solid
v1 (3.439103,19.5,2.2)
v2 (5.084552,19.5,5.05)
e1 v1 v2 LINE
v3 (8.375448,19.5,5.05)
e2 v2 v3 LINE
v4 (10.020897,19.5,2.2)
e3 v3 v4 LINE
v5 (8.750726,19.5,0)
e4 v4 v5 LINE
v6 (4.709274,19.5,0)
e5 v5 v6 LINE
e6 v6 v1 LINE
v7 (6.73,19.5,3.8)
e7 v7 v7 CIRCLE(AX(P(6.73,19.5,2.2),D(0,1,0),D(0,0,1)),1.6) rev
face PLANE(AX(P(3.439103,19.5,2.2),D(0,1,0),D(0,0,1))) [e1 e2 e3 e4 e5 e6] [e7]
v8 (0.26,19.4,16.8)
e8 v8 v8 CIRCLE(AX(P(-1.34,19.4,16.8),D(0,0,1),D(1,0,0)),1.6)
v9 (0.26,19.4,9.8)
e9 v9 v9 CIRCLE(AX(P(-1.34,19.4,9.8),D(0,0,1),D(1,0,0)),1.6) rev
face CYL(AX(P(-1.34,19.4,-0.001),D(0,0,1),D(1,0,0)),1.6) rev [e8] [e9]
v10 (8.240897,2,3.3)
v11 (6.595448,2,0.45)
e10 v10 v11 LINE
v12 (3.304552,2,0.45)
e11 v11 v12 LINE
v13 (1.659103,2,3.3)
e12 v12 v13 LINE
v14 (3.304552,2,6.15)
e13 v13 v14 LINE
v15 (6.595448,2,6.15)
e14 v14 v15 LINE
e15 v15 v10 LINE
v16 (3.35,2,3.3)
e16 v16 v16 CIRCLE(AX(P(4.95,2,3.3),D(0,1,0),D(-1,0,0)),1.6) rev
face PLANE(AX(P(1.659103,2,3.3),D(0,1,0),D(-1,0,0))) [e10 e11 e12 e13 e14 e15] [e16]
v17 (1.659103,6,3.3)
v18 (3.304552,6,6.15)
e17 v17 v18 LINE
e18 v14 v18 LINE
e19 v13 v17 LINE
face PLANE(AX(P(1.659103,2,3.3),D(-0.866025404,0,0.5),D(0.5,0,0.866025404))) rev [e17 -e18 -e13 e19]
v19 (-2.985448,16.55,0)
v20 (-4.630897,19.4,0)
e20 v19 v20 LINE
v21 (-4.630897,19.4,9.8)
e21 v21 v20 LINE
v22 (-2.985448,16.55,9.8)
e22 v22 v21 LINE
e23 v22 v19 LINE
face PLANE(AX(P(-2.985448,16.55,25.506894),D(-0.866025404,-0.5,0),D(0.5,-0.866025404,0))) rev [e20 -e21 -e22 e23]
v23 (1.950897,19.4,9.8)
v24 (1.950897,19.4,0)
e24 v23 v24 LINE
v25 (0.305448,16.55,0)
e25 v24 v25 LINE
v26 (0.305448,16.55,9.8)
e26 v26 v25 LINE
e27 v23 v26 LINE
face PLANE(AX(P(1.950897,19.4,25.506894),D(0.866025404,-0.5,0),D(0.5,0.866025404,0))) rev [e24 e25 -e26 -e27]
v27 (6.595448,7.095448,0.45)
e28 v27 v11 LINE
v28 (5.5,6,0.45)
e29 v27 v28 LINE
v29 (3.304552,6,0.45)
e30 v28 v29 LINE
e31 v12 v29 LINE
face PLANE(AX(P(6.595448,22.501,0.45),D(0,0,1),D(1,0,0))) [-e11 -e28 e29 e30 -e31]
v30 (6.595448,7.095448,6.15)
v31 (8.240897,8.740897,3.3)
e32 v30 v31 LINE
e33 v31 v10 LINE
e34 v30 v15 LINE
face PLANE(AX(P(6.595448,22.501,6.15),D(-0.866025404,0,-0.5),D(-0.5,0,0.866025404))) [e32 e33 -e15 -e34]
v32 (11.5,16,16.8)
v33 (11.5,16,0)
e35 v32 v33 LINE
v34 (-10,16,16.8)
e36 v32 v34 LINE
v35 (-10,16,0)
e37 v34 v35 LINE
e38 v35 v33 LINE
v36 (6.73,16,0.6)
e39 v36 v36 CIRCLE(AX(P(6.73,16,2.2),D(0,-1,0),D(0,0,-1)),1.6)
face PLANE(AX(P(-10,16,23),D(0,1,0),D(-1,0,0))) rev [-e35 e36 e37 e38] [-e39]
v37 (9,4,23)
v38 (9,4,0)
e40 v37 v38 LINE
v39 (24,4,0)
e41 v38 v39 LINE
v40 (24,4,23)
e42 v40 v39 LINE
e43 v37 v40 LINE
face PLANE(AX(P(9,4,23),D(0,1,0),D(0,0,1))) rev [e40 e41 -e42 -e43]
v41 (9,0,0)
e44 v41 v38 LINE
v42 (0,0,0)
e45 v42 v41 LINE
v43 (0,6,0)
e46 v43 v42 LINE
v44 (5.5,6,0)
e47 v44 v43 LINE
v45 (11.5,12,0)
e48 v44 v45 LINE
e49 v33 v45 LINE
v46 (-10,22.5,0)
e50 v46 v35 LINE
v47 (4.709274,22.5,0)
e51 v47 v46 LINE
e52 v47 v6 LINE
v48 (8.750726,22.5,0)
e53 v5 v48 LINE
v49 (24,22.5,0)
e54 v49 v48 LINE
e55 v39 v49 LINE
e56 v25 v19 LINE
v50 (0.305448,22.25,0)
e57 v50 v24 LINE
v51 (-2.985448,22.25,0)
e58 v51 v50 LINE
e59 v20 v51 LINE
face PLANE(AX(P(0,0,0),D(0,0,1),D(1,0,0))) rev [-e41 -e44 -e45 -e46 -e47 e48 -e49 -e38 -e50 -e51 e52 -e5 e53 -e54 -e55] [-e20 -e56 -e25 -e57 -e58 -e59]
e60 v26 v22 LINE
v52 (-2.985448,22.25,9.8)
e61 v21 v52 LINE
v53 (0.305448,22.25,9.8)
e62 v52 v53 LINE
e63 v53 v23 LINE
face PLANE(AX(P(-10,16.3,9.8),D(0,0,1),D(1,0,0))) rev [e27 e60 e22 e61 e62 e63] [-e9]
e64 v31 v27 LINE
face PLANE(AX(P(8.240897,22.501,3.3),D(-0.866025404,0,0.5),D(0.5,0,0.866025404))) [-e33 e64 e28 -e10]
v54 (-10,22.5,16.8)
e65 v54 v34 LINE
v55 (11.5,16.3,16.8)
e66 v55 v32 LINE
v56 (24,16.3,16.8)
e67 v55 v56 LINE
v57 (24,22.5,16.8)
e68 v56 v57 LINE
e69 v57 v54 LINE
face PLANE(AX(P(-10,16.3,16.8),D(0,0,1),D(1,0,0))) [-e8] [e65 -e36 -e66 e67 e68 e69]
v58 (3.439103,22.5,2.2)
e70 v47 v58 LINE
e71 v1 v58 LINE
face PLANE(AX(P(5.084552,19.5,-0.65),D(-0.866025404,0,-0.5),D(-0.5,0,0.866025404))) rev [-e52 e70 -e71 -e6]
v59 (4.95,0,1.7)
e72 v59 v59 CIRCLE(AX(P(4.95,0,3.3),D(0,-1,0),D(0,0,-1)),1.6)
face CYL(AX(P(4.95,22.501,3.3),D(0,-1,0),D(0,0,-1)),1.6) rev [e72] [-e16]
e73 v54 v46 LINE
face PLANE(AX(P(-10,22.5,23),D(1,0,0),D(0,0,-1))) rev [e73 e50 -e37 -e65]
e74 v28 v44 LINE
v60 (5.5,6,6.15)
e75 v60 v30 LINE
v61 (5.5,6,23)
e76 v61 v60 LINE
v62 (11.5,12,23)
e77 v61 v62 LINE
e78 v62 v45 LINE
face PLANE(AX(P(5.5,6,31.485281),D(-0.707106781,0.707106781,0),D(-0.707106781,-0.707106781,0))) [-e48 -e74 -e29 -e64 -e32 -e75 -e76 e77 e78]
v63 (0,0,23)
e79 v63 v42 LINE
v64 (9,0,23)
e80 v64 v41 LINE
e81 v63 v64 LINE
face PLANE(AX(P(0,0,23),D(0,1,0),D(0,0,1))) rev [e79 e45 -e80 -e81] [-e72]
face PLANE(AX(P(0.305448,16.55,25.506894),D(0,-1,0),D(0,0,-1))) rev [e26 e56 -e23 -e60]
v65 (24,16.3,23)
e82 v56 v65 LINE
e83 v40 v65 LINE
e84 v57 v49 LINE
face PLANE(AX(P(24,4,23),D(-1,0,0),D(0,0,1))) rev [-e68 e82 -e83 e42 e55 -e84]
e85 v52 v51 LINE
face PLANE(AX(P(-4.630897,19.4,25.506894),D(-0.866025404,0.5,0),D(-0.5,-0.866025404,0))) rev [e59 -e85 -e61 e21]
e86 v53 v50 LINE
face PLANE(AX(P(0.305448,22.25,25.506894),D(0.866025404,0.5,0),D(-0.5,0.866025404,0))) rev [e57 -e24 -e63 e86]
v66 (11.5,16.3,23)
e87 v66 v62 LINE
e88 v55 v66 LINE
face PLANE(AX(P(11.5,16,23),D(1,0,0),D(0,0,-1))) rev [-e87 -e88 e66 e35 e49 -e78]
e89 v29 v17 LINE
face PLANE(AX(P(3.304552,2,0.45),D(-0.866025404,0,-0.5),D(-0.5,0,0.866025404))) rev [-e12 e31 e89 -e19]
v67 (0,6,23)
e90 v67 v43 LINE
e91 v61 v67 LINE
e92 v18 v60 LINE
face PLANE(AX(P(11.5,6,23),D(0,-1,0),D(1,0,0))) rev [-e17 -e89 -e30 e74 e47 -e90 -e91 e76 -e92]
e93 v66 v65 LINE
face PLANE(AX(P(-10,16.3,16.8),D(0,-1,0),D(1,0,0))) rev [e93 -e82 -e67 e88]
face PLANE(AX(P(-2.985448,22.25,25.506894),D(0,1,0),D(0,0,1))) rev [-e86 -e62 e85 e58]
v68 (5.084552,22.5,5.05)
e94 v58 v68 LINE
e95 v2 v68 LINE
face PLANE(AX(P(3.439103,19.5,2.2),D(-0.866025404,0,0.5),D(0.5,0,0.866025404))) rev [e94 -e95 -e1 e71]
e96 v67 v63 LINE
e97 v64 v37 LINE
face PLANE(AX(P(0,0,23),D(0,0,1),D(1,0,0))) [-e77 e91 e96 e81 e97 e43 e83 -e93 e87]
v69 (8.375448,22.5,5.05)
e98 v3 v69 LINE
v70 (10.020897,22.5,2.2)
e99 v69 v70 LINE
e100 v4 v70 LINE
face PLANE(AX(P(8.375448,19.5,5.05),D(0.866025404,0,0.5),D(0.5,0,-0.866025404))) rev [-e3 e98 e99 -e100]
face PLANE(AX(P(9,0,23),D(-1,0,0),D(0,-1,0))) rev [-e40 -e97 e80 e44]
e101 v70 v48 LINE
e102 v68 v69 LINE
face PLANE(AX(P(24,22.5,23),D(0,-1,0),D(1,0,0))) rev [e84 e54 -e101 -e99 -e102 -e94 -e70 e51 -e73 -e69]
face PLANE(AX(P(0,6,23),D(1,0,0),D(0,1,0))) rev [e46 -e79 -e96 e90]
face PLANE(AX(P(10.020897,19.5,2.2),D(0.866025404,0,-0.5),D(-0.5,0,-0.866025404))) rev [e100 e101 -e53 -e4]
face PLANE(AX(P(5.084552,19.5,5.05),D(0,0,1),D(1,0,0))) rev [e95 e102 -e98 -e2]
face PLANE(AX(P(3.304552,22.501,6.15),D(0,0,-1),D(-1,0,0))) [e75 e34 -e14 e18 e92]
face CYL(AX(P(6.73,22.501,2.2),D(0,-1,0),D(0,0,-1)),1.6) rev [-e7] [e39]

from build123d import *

# Parameters (mm, degrees)
SALIENTE_EXTRUIR1_DEPTH           = 23
CROQUIS2_W                        = 34
CROQUIS2_H                        = 6.2
CORTAR_EXTRUIR1_DEPTH             = 6.2
CROQUIS3_W                        = 21.5
CROQUIS3_H                        = 0.3
CORTAR_EXTRUIR2_DEPTH             = 6.2
CORTAR_EXTRUIR3_REACH             = 18.8
CROQUIS4_R                        = 1.6
CORTAR_EXTRUIR4_DEPTH             = 9.8
CORTAR_EXTRUIR5_REACH             = 8.5
CROQUIS6_R                        = 1.6
CORTAR_EXTRUIR6_REACH             = 24.5
CROQUIS7_R                        = 1.6
SALIENTE_EXTRUIR2_DEPTH           = 23
CORTAR_EXTRUIR7_DEPTH             = 4
CORTAR_EXTRUIR7_DIRECTION_2_REACH = 18.5
CORTAR_EXTRUIR8_DEPTH             = 3


with BuildPart() as part:
    # Croquis1 → Saliente-Extruir1 (new body)
    with BuildSketch(Plane.XY):
        Polygon((0, 0), (9, 0), (9, 4), (24, 4), (24, 22.5), (-10, 22.5), (-10, 16), (11.5, 16), (11.5, 6), (0, 6), align=None)
    extrude(amount=SALIENTE_EXTRUIR1_DEPTH)

    # Croquis2 → Cortar-Extruir1 (cut)
    with BuildSketch(Plane.XY.offset(23)):
        with Locations((7, 19.4)):
            Rectangle(CROQUIS2_W, CROQUIS2_H)
    extrude(amount=-CORTAR_EXTRUIR1_DEPTH, mode=Mode.SUBTRACT)

    # Croquis3 → Cortar-Extruir2 (cut)
    with BuildSketch(Plane.XY.offset(23)):
        with Locations((0.75, 16.15)):
            Rectangle(CROQUIS3_W, CROQUIS3_H)
    extrude(amount=-CORTAR_EXTRUIR2_DEPTH, mode=Mode.SUBTRACT)

    # Croquis4 → Cortar-Extruir3 (cut, up to next)
    with BuildSketch(Plane.XY.offset(16.8), mode=Mode.PRIVATE) as cortar_extruir3_sk1:
        with Locations((-1.34, 19.4)):
            Circle(CROQUIS4_R)
    cortar_extruir3_tool1 = extrude(cortar_extruir3_sk1.sketch, amount=-CORTAR_EXTRUIR3_REACH, mode=Mode.PRIVATE) & part.part
    add(cortar_extruir3_tool1.solids().sort_by_distance((-1.34, 19.4, 16.8))[0], mode=Mode.SUBTRACT)

    # Croquis5 → Cortar-Extruir4 (cut)
    with BuildSketch(Plane(origin=(0, 0, 0), x_dir=(-1, 0, 0), z_dir=(0, 0, -1))):
        Polygon((-1.950896534, 19.4), (-0.305448267, 16.55), (2.985448267, 16.55), (4.630896534, 19.4), (2.985448267, 22.25), (-0.305448267, 22.25), align=None)
    extrude(amount=-CORTAR_EXTRUIR4_DEPTH, mode=Mode.SUBTRACT)

    # Croquis6 → Cortar-Extruir5 (cut, up to next)
    with BuildSketch(Plane.XZ.offset(-16), mode=Mode.PRIVATE) as cortar_extruir5_sk1:
        with Locations((6.73, 2.2)):
            Circle(CROQUIS6_R)
    cortar_extruir5_tool1 = extrude(cortar_extruir5_sk1.sketch, amount=-CORTAR_EXTRUIR5_REACH, mode=Mode.PRIVATE) & part.part
    add(cortar_extruir5_tool1.solids().sort_by_distance((6.73, 16, 2.2))[0], mode=Mode.SUBTRACT)

    # Croquis7 → Cortar-Extruir6 (cut, up to next)
    with BuildSketch(Plane.XZ, mode=Mode.PRIVATE) as cortar_extruir6_sk1:
        with Locations((4.95, 3.3)):
            Circle(CROQUIS7_R)
    cortar_extruir6_tool1 = extrude(cortar_extruir6_sk1.sketch, amount=-CORTAR_EXTRUIR6_REACH, mode=Mode.PRIVATE) & part.part
    add(cortar_extruir6_tool1.solids().sort_by_distance((4.95, 0, 3.3))[0], mode=Mode.SUBTRACT)

    # Croquis10 → Saliente-Extruir2 (add)
    with BuildSketch(Plane(origin=(0, 0, 0), x_dir=(-1, 0, 0), z_dir=(0, 0, -1))):
        Polygon((-11.5, 6), (-5.5, 6), (-11.5, 12), align=None)
    extrude(amount=-SALIENTE_EXTRUIR2_DEPTH)

    # Croquis8 → Cortar-Extruir7 (cut)
    with BuildSketch(Plane(origin=(0, 6, 0), x_dir=(1, 0, 0), z_dir=(0, 1, 0))):
        Polygon((1.659103466, -3.3), (3.304551733, -6.15), (6.595448267, -6.15), (8.240896534, -3.3), (6.595448267, -0.45), (3.304551733, -0.45), align=None)
    extrude(amount=-CORTAR_EXTRUIR7_DEPTH, mode=Mode.SUBTRACT)

    # Croquis8 → Cortar-Extruir7 direction 2 (cut, up to next)
    with BuildSketch(Plane(origin=(0, 6, 0), x_dir=(1, 0, 0), z_dir=(0, 1, 0)), mode=Mode.PRIVATE) as cortar_extruir7_direction_2_sk1:
        Polygon((1.659103466, -3.3), (3.304551733, -6.15), (6.595448267, -6.15), (8.240896534, -3.3), (6.595448267, -0.45), (3.304551733, -0.45), align=None)
    cortar_extruir7_direction_2_tool1 = extrude(cortar_extruir7_direction_2_sk1.sketch, amount=CORTAR_EXTRUIR7_DIRECTION_2_REACH, mode=Mode.PRIVATE) & part.part
    add(cortar_extruir7_direction_2_tool1.solids().sort_by_distance((4.95, 6, 3.3))[0], mode=Mode.SUBTRACT)

    # Croquis9 → Cortar-Extruir8 (cut)
    with BuildSketch(Plane(origin=(0, 22.5, 0), x_dir=(1, 0, 0), z_dir=(0, 1, 0))):
        Polygon((3.439103466, -2.2), (5.084551733, -5.05), (8.375448267, -5.05), (10.020896534, -2.2), (8.375448267, 0.65), (5.084551733, 0.65), align=None)
    extrude(amount=-CORTAR_EXTRUIR8_DEPTH, mode=Mode.SUBTRACT)


solid = part.part
